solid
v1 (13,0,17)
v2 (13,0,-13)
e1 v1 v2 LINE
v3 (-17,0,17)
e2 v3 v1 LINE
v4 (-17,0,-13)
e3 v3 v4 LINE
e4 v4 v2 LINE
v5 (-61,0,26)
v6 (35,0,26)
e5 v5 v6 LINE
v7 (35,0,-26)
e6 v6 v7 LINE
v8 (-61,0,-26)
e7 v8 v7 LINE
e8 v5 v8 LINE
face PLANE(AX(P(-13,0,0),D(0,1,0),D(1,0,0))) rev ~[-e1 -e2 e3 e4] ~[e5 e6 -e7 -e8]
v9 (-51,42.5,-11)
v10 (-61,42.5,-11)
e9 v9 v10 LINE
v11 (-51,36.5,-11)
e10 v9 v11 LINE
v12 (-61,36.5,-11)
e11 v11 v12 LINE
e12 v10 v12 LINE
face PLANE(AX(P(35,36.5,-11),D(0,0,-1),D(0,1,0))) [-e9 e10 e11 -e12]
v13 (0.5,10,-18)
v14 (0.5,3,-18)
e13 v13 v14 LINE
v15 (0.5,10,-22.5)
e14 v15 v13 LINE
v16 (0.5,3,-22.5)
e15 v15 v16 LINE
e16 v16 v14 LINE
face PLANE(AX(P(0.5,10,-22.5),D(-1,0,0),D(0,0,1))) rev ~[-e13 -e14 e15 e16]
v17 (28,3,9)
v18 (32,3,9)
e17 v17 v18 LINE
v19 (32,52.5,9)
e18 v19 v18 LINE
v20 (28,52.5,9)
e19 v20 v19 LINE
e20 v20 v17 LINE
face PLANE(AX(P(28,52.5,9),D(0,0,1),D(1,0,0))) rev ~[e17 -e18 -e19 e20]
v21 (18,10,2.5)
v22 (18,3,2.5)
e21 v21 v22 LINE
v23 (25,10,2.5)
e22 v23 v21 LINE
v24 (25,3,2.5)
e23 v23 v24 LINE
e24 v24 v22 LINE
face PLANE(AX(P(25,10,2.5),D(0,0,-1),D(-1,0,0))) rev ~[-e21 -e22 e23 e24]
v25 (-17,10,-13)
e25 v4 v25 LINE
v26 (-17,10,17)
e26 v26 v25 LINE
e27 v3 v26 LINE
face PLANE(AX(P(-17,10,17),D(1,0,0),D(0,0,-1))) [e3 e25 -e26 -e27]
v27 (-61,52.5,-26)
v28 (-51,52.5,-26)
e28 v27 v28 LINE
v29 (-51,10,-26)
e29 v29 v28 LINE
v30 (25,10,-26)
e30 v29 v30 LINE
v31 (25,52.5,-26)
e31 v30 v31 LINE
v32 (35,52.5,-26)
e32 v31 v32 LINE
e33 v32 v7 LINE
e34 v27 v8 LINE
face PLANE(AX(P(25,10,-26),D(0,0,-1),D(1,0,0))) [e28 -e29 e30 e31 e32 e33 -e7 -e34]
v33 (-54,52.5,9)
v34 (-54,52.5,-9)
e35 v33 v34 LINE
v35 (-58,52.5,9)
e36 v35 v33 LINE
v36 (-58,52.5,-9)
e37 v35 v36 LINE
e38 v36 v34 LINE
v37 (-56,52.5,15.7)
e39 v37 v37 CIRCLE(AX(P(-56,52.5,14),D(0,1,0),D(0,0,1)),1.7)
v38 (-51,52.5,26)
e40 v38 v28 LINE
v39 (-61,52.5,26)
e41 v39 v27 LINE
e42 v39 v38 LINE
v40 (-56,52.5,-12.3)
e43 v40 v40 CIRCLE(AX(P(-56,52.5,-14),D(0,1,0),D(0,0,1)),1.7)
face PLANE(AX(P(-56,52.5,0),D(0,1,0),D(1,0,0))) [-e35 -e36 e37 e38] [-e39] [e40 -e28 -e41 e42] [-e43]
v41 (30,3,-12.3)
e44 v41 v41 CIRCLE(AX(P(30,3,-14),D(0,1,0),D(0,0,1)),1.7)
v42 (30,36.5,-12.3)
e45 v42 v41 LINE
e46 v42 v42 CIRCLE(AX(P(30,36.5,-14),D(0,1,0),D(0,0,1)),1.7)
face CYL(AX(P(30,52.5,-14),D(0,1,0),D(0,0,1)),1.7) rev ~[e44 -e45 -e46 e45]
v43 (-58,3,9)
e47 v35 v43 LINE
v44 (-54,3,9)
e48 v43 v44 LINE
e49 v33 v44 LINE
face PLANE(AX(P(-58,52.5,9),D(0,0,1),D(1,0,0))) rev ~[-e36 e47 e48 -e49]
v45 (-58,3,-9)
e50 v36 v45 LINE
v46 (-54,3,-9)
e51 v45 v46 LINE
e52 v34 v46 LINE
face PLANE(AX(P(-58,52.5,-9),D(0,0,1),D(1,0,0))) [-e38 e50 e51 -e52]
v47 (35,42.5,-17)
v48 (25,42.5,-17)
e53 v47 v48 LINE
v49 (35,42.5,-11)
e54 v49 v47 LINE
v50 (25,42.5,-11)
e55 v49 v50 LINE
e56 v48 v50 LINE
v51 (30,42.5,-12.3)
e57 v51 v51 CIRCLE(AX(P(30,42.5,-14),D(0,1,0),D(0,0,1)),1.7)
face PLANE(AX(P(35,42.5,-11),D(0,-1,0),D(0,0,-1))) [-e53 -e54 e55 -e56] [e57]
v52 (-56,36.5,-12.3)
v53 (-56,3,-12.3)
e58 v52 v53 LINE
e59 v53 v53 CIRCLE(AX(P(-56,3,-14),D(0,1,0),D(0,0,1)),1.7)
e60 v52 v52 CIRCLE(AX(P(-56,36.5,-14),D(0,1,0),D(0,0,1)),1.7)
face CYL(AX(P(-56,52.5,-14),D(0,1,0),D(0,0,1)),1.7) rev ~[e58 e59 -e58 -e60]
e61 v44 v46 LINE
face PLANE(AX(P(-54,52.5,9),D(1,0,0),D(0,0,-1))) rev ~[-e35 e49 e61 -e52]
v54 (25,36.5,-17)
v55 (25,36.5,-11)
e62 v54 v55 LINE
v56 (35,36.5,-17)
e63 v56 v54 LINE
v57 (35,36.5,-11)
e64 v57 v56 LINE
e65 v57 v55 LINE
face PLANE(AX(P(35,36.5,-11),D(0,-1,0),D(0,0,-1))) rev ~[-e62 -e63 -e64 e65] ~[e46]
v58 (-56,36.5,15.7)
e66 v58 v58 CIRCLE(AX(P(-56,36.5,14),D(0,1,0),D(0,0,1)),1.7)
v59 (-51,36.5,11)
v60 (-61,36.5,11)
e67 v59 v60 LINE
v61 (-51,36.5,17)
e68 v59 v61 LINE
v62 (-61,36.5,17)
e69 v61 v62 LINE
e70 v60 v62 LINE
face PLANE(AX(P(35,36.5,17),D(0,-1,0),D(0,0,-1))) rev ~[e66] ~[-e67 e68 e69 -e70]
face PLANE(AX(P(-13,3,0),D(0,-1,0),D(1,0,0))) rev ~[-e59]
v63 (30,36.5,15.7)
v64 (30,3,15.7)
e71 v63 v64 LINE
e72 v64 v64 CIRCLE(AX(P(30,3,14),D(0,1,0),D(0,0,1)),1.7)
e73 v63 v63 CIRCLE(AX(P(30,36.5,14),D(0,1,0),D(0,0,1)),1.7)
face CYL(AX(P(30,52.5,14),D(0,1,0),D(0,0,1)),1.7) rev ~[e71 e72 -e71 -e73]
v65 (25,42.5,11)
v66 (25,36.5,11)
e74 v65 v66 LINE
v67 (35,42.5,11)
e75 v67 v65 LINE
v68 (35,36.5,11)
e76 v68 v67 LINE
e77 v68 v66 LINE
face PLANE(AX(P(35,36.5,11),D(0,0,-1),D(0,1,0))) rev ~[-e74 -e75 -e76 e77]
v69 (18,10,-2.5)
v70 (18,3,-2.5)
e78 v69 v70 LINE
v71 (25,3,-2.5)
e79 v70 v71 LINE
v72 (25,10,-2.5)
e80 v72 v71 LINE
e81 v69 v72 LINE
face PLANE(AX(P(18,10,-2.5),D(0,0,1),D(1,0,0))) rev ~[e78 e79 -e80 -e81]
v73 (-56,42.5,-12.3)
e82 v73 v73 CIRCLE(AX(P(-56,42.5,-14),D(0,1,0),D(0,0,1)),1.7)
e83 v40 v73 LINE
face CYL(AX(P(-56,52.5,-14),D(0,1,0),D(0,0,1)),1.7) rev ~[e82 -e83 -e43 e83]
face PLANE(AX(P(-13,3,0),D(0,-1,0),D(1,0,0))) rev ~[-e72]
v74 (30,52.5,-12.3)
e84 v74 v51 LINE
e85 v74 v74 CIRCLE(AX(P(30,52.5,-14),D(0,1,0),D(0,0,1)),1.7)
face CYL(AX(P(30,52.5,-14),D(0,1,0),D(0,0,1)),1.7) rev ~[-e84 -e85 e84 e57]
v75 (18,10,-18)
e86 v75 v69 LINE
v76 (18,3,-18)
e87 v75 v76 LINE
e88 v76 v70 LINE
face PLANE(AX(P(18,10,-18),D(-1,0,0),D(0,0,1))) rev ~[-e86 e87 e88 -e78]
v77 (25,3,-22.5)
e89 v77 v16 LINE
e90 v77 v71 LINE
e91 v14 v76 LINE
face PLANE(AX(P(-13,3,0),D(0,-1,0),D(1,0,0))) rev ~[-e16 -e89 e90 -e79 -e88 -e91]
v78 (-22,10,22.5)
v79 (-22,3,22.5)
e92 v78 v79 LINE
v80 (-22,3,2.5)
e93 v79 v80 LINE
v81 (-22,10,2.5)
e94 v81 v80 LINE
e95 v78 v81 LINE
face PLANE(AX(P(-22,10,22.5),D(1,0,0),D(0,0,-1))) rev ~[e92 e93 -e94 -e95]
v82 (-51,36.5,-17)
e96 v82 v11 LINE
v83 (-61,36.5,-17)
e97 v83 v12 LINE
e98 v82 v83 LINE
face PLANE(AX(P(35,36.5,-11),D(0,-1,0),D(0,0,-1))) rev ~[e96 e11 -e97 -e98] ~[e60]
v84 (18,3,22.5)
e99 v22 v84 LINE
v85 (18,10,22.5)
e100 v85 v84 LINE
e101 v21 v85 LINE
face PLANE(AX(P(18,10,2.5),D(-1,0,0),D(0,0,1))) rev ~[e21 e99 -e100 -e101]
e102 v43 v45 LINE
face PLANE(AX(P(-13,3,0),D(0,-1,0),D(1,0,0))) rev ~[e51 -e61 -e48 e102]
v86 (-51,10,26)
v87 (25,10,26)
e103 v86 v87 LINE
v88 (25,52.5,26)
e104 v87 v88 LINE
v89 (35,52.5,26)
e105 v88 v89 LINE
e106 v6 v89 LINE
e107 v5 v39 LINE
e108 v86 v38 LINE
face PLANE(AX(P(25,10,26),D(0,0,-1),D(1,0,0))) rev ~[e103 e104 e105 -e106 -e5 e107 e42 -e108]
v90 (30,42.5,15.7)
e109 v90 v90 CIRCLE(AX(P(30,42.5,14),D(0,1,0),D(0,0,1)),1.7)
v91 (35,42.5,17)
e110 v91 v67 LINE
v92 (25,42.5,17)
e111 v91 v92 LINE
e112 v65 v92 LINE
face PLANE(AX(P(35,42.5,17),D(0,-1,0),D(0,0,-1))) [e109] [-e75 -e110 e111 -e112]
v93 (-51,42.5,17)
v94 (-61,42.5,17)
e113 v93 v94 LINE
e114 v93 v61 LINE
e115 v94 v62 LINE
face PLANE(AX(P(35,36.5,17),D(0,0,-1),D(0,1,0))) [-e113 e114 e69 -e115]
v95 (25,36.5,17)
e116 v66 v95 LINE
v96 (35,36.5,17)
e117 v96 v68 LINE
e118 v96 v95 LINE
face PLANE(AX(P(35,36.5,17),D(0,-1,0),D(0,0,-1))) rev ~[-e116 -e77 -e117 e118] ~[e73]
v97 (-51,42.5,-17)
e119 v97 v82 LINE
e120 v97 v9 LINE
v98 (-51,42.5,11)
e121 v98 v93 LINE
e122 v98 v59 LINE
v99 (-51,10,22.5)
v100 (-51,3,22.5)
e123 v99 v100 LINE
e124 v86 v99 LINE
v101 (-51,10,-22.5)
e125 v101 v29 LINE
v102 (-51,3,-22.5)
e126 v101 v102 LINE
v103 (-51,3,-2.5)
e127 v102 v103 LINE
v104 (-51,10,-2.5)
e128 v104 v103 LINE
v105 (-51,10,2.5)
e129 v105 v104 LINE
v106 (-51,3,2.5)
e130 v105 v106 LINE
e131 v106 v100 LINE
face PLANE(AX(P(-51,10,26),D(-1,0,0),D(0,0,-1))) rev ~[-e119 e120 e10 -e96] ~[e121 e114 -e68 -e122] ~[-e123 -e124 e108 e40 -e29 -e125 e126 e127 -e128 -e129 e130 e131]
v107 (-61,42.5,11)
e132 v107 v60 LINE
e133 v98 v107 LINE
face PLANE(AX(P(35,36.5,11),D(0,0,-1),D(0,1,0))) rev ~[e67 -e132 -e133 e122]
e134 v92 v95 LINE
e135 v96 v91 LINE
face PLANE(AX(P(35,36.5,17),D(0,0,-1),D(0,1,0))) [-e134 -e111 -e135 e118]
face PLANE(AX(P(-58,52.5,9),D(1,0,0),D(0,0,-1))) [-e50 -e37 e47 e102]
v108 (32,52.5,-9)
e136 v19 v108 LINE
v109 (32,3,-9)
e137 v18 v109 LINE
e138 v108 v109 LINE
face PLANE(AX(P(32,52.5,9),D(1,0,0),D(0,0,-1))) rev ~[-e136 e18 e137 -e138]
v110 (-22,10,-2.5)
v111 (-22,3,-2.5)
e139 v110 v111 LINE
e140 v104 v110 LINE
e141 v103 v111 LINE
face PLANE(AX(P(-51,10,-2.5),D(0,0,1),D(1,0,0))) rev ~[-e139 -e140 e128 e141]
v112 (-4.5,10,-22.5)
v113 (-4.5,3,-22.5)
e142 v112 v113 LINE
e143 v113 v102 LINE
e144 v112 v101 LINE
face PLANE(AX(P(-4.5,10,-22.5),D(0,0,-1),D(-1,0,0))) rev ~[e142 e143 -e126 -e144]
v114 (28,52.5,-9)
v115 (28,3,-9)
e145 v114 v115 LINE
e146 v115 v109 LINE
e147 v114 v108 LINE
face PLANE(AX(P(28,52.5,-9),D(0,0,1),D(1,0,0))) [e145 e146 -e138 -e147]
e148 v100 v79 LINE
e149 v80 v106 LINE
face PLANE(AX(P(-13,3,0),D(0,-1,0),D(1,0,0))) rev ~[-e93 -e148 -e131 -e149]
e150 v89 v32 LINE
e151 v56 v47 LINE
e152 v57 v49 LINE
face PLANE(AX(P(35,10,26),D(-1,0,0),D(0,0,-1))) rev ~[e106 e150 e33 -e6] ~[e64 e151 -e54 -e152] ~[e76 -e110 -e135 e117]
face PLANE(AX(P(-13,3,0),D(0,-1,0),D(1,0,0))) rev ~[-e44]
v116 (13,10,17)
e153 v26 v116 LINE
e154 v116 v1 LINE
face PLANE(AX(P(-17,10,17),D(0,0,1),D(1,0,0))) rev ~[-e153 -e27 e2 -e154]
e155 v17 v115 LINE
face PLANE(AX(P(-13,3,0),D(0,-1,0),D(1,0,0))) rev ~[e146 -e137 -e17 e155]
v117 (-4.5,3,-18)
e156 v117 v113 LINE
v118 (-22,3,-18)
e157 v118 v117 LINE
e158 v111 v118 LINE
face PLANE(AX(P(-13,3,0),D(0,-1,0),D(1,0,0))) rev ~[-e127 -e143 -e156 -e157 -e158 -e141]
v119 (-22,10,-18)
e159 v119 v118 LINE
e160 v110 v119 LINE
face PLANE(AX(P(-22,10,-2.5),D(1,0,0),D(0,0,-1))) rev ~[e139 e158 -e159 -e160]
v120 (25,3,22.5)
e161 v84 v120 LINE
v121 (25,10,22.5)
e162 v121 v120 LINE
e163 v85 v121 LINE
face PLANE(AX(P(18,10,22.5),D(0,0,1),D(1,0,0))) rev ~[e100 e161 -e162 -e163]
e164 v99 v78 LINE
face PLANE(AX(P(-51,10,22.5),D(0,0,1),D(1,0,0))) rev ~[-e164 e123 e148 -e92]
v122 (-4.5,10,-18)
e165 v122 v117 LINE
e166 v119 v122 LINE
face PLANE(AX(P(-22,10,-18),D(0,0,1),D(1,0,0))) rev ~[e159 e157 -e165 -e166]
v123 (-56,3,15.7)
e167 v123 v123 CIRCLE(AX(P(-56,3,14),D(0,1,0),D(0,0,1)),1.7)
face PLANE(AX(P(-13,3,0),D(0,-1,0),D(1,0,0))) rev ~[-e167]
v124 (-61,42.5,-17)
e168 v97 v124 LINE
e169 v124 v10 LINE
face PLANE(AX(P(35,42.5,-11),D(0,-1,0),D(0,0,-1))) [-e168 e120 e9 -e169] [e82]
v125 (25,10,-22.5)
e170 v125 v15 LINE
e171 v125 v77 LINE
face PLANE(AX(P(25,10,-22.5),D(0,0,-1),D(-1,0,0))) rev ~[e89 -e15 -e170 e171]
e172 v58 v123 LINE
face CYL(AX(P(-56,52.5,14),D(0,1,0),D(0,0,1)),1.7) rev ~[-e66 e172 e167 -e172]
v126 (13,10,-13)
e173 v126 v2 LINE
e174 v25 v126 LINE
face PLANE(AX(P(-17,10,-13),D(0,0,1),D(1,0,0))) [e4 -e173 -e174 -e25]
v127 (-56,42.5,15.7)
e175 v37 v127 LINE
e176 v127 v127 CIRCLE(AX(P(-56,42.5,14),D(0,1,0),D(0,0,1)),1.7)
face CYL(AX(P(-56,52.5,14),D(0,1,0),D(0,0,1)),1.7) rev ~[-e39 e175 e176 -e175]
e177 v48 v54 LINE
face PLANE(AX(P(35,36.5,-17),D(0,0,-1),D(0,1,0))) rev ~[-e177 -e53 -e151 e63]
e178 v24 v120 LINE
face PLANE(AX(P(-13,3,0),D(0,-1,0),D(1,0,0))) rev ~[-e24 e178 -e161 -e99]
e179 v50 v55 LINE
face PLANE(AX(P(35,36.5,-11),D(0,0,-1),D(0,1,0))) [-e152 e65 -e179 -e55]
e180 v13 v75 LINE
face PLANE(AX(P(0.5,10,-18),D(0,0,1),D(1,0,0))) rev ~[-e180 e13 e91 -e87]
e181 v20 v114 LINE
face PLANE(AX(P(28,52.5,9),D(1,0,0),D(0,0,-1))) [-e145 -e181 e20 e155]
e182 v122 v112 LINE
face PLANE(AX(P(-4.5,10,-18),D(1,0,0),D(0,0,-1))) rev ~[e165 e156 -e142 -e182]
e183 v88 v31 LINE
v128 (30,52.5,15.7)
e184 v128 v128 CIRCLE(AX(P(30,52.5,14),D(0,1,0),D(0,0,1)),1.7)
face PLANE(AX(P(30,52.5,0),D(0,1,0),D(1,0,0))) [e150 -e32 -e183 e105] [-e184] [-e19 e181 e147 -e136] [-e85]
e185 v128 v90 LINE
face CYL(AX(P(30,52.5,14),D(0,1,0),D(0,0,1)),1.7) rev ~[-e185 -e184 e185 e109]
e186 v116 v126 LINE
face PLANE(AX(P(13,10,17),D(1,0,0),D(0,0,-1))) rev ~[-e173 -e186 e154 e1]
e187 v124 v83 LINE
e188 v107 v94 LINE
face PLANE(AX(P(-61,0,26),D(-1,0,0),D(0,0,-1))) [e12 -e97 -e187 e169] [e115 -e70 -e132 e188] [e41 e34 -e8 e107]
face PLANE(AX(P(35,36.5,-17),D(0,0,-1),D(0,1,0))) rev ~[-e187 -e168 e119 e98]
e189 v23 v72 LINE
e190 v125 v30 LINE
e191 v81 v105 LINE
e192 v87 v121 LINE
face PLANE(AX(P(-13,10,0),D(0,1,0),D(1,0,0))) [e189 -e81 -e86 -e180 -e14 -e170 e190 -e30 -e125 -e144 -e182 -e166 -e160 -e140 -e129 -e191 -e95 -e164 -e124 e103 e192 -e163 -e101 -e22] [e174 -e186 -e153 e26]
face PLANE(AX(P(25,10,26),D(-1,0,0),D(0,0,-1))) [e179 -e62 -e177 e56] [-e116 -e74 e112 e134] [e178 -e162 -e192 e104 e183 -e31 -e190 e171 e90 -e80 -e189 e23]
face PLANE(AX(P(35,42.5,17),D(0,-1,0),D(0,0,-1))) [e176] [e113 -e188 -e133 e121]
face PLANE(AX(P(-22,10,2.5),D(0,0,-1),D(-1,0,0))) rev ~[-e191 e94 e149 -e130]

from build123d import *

# Parameters (mm, degrees)
SKETCH1_W           = 96
SKETCH1_H           = 52
BOSS_EXTRUDE1_DEPTH = 10
SKETCH3_W           = 30
SKETCH3_H           = 30
CUT_EXTRUDE1_DEPTH  = 10
SKETCH4_W           = 10
SKETCH4_H           = 52
BOSS_EXTRUDE2_DEPTH = 42.5
CUT_EXTRUDE2_DEPTH  = 25
SKETCH10_W          = 6
SKETCH10_H          = 6
CUT_EXTRUDE7_DEPTH  = 113.464438824
SKETCH11_R          = 1.7
SKETCH11_W          = 4
SKETCH11_H          = 18
CUT_EXTRUDE8_DEPTH  = 60
SKETCH14_W          = 96
SKETCH14_H          = 52
SKETCH14_W_2        = 30
SKETCH14_H_2        = 30
BOSS_EXTRUDE3_DEPTH = 3


with BuildPart() as part:
    # Sketch1 → Boss-Extrude1 (new body)
    with BuildSketch(Plane(origin=(0, 0, 0), x_dir=(1, 0, 0), z_dir=(0, 1, 0))):
        with Locations((-13, 0)):
            Rectangle(SKETCH1_W, SKETCH1_H)
    extrude(amount=BOSS_EXTRUDE1_DEPTH)

    # Sketch3 → Cut-Extrude1 (cut)
    with BuildSketch(Plane(origin=(0, 10, 0), x_dir=(1, 0, 0), z_dir=(0, 1, 0))):
        with Locations((-2, -2)):
            Rectangle(SKETCH3_W, SKETCH3_H)
    extrude(amount=-CUT_EXTRUDE1_DEPTH, mode=Mode.SUBTRACT)

    # Sketch4 → Boss-Extrude2 (add)
    with BuildSketch(Plane(origin=(0, 10, 0), x_dir=(1, 0, 0), z_dir=(0, 1, 0))):
        with Locations((30, 0)):
            Rectangle(SKETCH4_W, SKETCH4_H)
        with Locations((-56, 0)):
            Rectangle(SKETCH4_W, SKETCH4_H)
    extrude(amount=BOSS_EXTRUDE2_DEPTH)

    # Sketch5 → Cut-Extrude2 (cut)
    with BuildSketch(Plane(origin=(0, 10, 0), x_dir=(1, 0, 0), z_dir=(0, 1, 0))):
        Polygon((25, 22.5), (0.5, 22.5), (0.5, 18), (18, 18), (18, 2.5), (25, 2.5), align=None)
        Polygon((-4.5, 22.5), (-51, 22.5), (-51, 2.5), (-22, 2.5), (-22, 18), (-4.5, 18), align=None)
        Polygon((-22, -2.5), (-51, -2.5), (-51, -22.5), (-22, -22.5), (-22, -20), align=None)
        Polygon((25, -22.5), (25, -2.5), (18, -2.5), (18, -20), (18, -22.5), align=None)
    extrude(amount=-CUT_EXTRUDE2_DEPTH, mode=Mode.SUBTRACT)

    # Sketch10 → Cut-Extrude7 (cut, through all)
    with BuildSketch(Plane(origin=(35, 0, 0), x_dir=(0, 0, -1), z_dir=(1, 0, 0))):
        with Locations((14, 39.5)):
            Rectangle(SKETCH10_W, SKETCH10_H)
        with Locations((-14, 39.5)):
            Rectangle(SKETCH10_W, SKETCH10_H)
    extrude(amount=-CUT_EXTRUDE7_DEPTH, mode=Mode.SUBTRACT)

    # Sketch11 → Cut-Extrude8 (cut)
    with BuildSketch(Plane(origin=(0, 52.5, 0), x_dir=(1, 0, 0), z_dir=(0, 1, 0))):
        with Locations(Location((-56, 14, 0), (0, 0, 270))):
            Circle(SKETCH11_R)
        with Locations(Location((-56, -14, 0), (0, 0, 270))):
            Circle(SKETCH11_R)
        with Locations(Location((30, -14, 0), (0, 0, 270))):
            Circle(SKETCH11_R)
        with Locations(Location((30, 14, 0), (0, 0, 270))):
            Circle(SKETCH11_R)
        with Locations((-56, 0)):
            Rectangle(SKETCH11_W, SKETCH11_H)
        with Locations((30, 0)):
            Rectangle(SKETCH11_W, SKETCH11_H)
    extrude(amount=-CUT_EXTRUDE8_DEPTH, mode=Mode.SUBTRACT)

    # Sketch14 → Boss-Extrude3 (add)
    with BuildSketch(Plane.XZ):
        with Locations((-13, 0)):
            Rectangle(SKETCH14_W, SKETCH14_H)
        with Locations((-2, 2)):
            Rectangle(SKETCH14_W_2, SKETCH14_H_2, mode=Mode.SUBTRACT)
    extrude(amount=-BOSS_EXTRUDE3_DEPTH)


solid = part.part
